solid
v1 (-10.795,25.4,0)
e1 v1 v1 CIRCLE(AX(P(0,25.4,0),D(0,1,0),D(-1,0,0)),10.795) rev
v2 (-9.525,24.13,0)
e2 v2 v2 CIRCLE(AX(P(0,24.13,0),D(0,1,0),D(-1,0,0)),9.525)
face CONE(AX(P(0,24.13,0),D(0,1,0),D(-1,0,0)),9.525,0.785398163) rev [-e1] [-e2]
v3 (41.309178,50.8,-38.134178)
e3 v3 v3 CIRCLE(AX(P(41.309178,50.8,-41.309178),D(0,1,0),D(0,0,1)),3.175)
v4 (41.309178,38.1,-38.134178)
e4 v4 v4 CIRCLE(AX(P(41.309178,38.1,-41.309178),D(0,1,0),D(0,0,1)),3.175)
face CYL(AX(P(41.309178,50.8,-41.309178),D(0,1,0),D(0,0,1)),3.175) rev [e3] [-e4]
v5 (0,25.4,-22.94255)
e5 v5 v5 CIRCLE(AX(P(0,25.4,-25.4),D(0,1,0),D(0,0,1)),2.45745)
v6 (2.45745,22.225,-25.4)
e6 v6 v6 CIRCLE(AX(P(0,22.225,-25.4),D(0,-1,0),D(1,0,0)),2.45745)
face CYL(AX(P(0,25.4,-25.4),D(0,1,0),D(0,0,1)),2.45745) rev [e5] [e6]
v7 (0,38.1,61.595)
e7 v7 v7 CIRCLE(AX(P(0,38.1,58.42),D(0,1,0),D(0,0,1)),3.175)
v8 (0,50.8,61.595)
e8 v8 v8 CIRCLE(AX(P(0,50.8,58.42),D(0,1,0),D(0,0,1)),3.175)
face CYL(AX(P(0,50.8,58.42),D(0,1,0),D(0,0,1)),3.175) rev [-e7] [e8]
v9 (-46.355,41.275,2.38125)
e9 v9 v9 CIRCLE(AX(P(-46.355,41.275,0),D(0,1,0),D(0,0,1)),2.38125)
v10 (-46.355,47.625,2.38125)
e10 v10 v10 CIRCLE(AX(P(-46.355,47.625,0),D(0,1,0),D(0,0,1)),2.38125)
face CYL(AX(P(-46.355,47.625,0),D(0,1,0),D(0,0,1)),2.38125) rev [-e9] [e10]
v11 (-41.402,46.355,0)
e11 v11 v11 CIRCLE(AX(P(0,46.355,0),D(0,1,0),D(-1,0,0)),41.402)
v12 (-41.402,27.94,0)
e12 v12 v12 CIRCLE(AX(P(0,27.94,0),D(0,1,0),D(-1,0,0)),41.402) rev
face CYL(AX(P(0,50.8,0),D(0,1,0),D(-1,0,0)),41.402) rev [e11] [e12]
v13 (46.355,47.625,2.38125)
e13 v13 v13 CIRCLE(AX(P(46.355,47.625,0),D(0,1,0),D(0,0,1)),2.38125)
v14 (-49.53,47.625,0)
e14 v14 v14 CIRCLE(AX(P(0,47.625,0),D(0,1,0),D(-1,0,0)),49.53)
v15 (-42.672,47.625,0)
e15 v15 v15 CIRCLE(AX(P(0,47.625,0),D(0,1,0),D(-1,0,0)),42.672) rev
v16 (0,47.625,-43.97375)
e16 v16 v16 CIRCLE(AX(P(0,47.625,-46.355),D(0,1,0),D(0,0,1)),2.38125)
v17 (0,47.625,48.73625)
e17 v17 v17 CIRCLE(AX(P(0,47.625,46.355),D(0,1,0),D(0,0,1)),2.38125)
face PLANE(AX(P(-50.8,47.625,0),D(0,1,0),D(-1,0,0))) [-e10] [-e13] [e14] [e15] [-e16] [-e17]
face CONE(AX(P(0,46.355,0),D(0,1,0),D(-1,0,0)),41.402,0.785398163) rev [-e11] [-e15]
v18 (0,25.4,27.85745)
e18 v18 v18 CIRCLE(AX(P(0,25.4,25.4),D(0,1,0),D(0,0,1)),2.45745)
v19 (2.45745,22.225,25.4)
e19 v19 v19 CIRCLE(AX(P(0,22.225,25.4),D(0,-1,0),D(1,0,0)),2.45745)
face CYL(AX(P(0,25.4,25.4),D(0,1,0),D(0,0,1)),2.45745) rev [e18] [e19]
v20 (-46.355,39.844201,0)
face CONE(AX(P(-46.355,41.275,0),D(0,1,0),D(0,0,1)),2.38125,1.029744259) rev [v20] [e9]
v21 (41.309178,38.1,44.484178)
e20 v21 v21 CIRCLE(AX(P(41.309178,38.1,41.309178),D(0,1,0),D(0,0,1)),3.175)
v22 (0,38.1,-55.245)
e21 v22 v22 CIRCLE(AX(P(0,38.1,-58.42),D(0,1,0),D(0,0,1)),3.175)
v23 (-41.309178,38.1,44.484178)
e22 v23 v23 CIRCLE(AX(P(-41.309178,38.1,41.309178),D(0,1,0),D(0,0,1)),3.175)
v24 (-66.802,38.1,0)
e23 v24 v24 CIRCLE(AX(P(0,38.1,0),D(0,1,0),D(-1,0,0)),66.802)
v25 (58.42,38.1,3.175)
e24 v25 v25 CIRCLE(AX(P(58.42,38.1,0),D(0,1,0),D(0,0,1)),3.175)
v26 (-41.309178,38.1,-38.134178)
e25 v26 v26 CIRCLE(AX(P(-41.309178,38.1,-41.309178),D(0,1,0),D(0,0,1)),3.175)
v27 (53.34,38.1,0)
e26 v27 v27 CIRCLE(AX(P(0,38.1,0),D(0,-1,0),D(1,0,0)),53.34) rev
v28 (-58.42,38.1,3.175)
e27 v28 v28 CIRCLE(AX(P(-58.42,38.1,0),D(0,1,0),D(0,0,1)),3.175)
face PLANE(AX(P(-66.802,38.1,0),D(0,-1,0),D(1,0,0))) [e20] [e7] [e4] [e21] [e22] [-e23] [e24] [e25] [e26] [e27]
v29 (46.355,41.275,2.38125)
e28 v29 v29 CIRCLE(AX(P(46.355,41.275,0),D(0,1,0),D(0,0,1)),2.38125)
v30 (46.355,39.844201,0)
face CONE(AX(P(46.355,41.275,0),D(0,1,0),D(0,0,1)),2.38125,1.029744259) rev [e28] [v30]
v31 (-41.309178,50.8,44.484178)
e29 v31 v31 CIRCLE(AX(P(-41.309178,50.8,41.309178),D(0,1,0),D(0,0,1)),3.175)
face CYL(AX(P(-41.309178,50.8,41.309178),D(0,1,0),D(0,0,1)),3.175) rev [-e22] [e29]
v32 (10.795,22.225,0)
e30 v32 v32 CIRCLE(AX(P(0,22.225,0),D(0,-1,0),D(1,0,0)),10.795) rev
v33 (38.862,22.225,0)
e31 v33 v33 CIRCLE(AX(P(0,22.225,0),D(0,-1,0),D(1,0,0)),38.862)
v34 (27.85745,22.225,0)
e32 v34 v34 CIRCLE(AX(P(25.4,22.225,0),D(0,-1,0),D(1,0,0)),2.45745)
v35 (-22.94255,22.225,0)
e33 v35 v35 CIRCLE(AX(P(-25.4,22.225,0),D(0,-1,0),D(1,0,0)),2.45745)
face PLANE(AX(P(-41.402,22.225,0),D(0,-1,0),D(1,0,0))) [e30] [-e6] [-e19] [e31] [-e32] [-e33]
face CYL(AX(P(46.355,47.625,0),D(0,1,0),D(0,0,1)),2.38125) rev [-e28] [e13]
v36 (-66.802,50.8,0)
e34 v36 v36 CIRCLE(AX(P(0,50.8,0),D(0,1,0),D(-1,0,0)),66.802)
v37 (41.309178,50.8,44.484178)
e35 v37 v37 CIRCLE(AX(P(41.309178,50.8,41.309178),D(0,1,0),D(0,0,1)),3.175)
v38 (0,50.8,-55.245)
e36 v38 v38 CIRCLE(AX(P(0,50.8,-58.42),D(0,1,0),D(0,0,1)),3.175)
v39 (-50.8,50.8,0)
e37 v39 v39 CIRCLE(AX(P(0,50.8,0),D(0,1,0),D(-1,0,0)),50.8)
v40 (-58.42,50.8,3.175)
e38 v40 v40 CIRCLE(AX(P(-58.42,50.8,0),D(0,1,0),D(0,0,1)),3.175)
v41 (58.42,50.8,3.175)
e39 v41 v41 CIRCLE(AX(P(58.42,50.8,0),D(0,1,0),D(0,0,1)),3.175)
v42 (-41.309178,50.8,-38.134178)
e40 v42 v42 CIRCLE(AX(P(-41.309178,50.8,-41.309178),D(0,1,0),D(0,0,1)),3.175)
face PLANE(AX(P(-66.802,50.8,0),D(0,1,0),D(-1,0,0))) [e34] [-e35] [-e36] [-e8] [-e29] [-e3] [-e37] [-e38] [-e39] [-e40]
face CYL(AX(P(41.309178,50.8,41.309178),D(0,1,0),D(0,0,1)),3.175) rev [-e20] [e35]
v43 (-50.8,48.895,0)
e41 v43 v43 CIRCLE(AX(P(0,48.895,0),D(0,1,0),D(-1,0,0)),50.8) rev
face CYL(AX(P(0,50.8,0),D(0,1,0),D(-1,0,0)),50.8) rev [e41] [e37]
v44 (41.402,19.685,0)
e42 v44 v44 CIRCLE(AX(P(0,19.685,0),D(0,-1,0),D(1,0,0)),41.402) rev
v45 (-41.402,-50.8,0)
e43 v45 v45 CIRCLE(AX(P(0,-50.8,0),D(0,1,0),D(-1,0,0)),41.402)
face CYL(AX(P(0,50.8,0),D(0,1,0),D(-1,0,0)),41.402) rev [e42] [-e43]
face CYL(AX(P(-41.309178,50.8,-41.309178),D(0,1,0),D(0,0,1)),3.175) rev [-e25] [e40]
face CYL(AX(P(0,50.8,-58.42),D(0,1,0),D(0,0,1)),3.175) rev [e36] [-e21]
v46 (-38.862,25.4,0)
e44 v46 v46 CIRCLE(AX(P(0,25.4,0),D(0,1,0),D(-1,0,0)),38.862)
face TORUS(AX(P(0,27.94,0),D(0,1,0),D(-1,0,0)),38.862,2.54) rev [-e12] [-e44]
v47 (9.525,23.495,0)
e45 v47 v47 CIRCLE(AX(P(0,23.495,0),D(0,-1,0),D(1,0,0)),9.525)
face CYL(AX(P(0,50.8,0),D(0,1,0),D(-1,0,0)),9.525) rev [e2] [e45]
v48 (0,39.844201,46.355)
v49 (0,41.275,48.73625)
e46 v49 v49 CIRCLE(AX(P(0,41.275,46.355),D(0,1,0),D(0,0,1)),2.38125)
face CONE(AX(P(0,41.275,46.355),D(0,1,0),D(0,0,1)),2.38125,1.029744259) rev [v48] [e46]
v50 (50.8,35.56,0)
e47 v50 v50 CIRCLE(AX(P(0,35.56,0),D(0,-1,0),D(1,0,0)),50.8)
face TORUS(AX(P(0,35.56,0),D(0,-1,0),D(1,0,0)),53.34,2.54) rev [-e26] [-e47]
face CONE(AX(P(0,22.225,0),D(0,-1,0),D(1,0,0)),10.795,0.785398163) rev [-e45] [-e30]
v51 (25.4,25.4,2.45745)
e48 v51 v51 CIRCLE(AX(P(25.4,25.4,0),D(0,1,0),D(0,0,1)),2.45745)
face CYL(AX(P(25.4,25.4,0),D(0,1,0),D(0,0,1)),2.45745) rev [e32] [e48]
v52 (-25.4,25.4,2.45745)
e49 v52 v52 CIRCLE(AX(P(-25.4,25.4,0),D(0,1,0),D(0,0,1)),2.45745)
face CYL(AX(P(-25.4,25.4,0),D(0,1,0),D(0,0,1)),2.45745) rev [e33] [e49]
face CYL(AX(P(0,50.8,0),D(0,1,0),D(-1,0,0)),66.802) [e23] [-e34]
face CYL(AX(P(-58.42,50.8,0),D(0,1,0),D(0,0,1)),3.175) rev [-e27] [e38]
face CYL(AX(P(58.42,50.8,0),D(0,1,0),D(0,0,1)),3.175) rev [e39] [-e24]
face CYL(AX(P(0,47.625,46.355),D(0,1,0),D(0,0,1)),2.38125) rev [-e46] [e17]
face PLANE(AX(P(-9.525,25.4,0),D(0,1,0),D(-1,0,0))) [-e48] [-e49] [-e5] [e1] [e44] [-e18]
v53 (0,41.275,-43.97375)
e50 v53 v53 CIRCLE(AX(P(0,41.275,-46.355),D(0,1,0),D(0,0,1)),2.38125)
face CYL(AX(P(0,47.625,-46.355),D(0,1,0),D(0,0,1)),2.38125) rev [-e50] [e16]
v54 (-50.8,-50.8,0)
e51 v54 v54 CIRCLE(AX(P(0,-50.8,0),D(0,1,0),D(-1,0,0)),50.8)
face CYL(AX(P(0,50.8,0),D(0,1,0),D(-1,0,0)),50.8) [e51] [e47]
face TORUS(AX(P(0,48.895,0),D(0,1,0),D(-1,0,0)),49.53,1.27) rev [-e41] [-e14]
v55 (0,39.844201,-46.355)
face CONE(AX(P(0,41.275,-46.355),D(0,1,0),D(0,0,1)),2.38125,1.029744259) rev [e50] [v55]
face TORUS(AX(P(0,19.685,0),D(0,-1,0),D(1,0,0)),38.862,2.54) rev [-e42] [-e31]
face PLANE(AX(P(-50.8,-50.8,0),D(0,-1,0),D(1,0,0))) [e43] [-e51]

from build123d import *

# Parameters (mm, degrees)
F_10_0_1935_DIAMETER_HOLE1_D       = 4.9149
F_3_16_0_1875_DIAMETER_HOLE1_D     = 4.7625
F_3_16_0_1875_DIAMETER_HOLE1_DEPTH = 6.35
F_3_16_0_1875_DIAMETER_HOLE1_TIP   = 1.430799349
FILLET1_R                          = 2.54
FILLET2_R                          = 1.27
CHAMFER1_SIZE                      = 1.27
F_1_4_0_25_DIAMETER_HOLE2_D        = 6.35
F_1_4_0_25_DIAMETER_HOLE2_DEPTH    = 12.7
F_1_4_0_25_DIAMETER_HOLE2_TIP      = 1.907732465


with BuildPart() as part:
    # Sketch1 → Revolve1 (revolve)
    with BuildSketch(Plane.XY):
        Polygon((-66.802, 50.8), (-66.802, 38.1), (-50.8, 38.1), (-50.8, -50.8), (-41.402, -50.8), (-41.402, 22.225), (-9.525, 22.225), (-9.525, 25.4), (-41.402, 25.4), (-41.402, 47.625), (-50.8, 47.625), (-50.8, 50.8), align=None)
    revolve(axis=Axis((0, 50.8, 0), (0, -1, 0)))

    # #10 (0.1935) Diameter Hole1 (through all)
    with Locations(Plane(origin=(0, 25.4, 0), x_dir=(1, 0, 0), z_dir=(0, 1, 0))):
        with Locations((0, 25.4), (25.4, 0), (0, -25.4), (-25.4, 0)):
            Hole(F_10_0_1935_DIAMETER_HOLE1_D / 2)

    # 3/16 (0.1875) Diameter Hole1
    with Locations(Plane(origin=(0, 47.625, 0), x_dir=(1, 0, 0), z_dir=(0, 1, 0))):
        with Locations((0, 46.355), (46.355, 0), (0, -46.355), (-46.355, 0)):
            Hole(F_3_16_0_1875_DIAMETER_HOLE1_D / 2, depth=F_3_16_0_1875_DIAMETER_HOLE1_DEPTH)
            with Locations((0, 0, -(F_3_16_0_1875_DIAMETER_HOLE1_DEPTH + F_3_16_0_1875_DIAMETER_HOLE1_TIP / 2))):  # 118° drill point
                Cone(0, F_3_16_0_1875_DIAMETER_HOLE1_D / 2, F_3_16_0_1875_DIAMETER_HOLE1_TIP, mode=Mode.SUBTRACT)

    # Fillet1
    fillet1_edges = [part.edges().sort_by_distance(p)[0] for p in [
        (41.402, 22.225, 0),
        (41.402, 25.4, 0),
        (50.8, 38.1, 0),
    ]]
    fillet(fillet1_edges, radius=FILLET1_R)

    # Fillet2
    fillet2_edges = [part.edges().sort_by_distance(p)[0] for p in [
        (50.8, 47.625, 0),
    ]]
    fillet(fillet2_edges, radius=FILLET2_R)

    # Chamfer1
    chamfer1_edges = [part.edges().sort_by_distance(p)[0] for p in [
        (9.525, 22.225, 0),
        (9.525, 25.4, 0),
        (41.402, 47.625, 0),
    ]]
    chamfer(chamfer1_edges, length=CHAMFER1_SIZE)

    # 1/4 (0.25) Diameter Hole2
    with Locations(Plane(origin=(0, 50.8, 0), x_dir=(1, 0, 0), z_dir=(0, 1, 0))):
        with Locations((0, 58.42), (41.309178157, 41.309178157), (58.42, 0), (41.309178157, -41.309178157), (0, -58.42), (-41.309178157, -41.309178157), (-58.42, 0), (-41.309178157, 41.309178157), (0, 0)):
            Hole(F_1_4_0_25_DIAMETER_HOLE2_D / 2, depth=F_1_4_0_25_DIAMETER_HOLE2_DEPTH)
            with Locations((0, 0, -(F_1_4_0_25_DIAMETER_HOLE2_DEPTH + F_1_4_0_25_DIAMETER_HOLE2_TIP / 2))):  # 118° drill point
                Cone(0, F_1_4_0_25_DIAMETER_HOLE2_D / 2, F_1_4_0_25_DIAMETER_HOLE2_TIP, mode=Mode.SUBTRACT)


solid = part.part
